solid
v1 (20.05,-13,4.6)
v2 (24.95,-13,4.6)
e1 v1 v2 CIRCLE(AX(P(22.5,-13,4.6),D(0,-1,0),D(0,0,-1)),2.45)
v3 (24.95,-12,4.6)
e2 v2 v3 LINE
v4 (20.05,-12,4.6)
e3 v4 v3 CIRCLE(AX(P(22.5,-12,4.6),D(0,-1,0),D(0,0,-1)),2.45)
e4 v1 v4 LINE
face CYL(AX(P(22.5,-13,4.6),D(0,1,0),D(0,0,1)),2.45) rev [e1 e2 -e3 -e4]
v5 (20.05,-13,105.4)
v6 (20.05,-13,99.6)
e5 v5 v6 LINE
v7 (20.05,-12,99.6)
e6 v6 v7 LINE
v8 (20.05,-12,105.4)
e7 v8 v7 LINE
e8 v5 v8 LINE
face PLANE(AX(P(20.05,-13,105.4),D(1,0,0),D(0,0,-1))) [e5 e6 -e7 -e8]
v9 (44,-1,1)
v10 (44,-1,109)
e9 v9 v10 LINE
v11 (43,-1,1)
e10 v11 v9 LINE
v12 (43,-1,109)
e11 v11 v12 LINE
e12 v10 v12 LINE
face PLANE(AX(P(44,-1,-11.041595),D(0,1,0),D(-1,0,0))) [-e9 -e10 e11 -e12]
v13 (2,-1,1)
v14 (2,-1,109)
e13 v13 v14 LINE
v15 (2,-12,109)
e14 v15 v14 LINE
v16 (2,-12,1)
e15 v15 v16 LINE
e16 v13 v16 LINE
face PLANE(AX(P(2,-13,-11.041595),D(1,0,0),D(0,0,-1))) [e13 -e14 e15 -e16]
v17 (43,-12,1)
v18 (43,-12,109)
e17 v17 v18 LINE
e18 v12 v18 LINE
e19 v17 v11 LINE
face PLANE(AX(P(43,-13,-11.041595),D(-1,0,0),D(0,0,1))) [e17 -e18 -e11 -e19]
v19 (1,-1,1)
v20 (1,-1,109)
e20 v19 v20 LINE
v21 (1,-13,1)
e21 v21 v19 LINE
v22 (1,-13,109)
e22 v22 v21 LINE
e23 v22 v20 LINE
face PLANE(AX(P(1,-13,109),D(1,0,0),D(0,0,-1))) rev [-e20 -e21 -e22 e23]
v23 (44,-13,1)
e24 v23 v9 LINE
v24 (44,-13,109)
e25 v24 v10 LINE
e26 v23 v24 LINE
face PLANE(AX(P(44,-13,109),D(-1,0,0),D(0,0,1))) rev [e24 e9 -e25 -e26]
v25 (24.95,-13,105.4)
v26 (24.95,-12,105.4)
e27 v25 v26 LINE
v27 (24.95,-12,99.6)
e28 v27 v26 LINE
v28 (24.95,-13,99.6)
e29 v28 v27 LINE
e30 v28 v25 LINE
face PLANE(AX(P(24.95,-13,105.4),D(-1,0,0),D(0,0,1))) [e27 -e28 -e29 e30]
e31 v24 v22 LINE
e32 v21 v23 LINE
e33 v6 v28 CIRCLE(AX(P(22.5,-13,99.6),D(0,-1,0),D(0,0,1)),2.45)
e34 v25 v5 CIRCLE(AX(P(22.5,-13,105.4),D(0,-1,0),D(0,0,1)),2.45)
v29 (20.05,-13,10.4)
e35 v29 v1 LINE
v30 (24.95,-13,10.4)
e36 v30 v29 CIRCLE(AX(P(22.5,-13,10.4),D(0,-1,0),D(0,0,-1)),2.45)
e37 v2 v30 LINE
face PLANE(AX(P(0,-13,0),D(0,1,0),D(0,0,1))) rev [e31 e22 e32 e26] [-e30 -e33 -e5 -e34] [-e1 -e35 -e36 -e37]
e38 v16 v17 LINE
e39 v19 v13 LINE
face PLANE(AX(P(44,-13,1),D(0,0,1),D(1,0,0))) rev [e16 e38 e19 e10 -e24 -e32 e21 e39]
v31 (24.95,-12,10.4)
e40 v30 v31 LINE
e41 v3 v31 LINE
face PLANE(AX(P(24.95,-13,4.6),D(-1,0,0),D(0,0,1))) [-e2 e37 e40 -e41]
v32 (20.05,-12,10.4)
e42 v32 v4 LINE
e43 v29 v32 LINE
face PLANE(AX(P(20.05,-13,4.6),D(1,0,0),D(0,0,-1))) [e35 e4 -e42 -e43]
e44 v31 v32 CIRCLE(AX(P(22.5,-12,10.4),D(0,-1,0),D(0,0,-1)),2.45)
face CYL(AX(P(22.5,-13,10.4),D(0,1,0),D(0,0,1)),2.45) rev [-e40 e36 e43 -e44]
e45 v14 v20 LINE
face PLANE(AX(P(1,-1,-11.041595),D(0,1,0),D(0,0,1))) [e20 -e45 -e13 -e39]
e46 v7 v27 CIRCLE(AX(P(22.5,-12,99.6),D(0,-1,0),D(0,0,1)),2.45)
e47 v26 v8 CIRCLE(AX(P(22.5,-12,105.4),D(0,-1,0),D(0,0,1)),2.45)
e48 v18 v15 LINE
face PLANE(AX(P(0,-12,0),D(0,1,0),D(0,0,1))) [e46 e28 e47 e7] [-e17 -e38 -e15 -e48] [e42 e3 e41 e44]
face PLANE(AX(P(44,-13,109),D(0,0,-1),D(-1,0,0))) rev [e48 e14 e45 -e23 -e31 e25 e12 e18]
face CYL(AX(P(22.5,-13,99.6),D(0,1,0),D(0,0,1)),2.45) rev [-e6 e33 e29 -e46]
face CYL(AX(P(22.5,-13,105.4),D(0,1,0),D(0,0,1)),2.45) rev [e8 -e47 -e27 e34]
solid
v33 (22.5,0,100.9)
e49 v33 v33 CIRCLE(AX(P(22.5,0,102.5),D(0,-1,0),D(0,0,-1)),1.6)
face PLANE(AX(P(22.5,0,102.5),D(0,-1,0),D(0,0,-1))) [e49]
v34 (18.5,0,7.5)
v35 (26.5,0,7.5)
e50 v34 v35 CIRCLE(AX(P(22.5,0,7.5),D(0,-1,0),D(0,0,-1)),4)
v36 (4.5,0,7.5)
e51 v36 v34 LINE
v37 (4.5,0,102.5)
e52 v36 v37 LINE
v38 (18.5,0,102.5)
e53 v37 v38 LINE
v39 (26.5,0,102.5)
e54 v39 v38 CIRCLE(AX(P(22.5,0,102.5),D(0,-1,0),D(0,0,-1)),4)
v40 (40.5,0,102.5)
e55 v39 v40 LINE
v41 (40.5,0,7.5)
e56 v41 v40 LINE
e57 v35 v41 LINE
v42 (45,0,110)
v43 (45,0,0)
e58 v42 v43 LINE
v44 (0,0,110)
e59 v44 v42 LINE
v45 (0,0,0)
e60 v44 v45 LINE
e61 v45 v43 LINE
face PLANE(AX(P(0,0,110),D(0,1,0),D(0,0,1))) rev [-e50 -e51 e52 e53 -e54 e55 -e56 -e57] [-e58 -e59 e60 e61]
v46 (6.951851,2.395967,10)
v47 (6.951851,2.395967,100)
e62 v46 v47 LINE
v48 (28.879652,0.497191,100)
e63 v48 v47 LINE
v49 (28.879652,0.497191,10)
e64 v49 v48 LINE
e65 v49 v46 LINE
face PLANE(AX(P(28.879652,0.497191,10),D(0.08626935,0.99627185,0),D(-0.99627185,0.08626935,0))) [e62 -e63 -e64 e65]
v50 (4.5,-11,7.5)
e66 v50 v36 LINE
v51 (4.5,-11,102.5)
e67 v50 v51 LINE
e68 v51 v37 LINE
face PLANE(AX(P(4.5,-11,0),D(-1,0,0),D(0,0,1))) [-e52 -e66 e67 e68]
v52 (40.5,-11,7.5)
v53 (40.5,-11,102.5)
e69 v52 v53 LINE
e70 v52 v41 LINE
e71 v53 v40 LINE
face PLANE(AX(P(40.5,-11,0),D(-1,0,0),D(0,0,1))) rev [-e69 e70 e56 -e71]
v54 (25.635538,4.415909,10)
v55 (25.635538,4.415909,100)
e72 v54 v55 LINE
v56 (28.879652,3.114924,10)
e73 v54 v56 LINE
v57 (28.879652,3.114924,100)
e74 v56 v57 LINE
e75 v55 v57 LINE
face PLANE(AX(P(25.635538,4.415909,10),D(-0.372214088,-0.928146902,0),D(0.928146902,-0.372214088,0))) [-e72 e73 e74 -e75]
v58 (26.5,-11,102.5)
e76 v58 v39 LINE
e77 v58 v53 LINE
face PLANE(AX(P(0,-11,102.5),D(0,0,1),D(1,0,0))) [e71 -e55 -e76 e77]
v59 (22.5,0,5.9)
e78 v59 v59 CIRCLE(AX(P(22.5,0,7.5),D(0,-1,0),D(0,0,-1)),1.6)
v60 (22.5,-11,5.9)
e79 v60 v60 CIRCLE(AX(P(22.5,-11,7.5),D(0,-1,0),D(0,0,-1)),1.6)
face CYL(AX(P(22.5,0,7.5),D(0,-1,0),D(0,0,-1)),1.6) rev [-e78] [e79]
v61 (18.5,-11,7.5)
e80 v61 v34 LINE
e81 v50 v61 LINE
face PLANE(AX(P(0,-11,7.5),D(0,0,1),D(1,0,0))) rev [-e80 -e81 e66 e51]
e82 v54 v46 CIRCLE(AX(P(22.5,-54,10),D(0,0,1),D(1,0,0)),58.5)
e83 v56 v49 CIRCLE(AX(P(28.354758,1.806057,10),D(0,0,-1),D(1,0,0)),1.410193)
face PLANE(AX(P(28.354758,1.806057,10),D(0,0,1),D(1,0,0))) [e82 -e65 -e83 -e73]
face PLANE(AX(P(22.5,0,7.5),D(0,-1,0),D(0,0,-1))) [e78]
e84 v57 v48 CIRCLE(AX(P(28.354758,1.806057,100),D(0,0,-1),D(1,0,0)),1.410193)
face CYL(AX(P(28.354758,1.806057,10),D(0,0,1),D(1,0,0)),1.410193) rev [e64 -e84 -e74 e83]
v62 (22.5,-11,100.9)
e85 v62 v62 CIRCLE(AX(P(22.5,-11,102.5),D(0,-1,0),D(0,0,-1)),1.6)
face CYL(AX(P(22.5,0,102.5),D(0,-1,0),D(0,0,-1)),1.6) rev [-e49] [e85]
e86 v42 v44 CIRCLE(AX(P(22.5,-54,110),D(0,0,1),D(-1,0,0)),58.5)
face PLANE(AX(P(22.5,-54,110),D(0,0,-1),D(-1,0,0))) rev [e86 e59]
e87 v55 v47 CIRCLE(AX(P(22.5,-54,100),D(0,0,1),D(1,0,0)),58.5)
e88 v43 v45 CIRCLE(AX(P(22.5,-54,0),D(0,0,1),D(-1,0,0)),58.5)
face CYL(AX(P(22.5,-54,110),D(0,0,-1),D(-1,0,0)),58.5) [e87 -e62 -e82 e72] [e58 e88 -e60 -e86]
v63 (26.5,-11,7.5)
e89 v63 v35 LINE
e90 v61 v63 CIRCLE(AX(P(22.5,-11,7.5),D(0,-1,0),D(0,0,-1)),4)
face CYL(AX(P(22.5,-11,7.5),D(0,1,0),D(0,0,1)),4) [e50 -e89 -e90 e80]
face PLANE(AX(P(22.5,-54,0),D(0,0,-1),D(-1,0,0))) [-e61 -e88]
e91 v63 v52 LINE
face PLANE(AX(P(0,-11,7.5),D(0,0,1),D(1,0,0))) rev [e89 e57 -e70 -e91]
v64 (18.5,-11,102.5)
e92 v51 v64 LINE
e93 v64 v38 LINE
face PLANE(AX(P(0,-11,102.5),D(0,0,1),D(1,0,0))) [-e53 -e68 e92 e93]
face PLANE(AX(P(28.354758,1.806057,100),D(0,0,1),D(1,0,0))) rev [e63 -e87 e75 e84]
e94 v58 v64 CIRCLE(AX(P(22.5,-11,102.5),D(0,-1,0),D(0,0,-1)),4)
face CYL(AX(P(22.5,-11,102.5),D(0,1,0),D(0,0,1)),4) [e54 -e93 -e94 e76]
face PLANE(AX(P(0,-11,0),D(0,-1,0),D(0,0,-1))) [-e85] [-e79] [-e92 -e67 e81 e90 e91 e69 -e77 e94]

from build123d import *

# Parameters (mm, degrees)
EXTRUDE_1_DEPTH          = 110
SKETCH_2_W               = 14
SKETCH_2_H               = 95
SKETCH_2_W_2             = 8
EXTRUDE_2_DEPTH          = 11
SKETCH_3_R               = 1.6
CUT_EXTRUDE_1_DEPTH      = 11
SKETCH_4_W               = 43
SKETCH_4_H               = 108
EXTRUDE_3_DEPTH          = 1
SKETCH_5_W               = 1
SKETCH_5_H               = 12
EXTRUDE_4_DEPTH          = 108
CUT_EXTRUDE_2_DEPTH      = 45
CUT_EXTRUDE_2_DEPTH_BACK = 45


with BuildPart() as part:
    # 草图1 → 凸台-拉伸1 (new body)
    with BuildSketch(Plane.XY):
        with BuildLine():
            Line((0, 0), (45, 0))
            ThreePointArc((45, 0), (22.5, 4.5), (0, 0))
        make_face()
    extrude(amount=EXTRUDE_1_DEPTH)

    # 草图2 → 凸台-拉伸2 (add)
    with BuildSketch(Plane(origin=(0, 0, 0), x_dir=(-1, 0, 0), z_dir=(0, -1, 0))):
        with Locations((-11.5, -55)):
            Rectangle(SKETCH_2_W, SKETCH_2_H)
        with Locations((-22.5, -55)):
            Rectangle(SKETCH_2_W_2, SKETCH_2_H)
        with BuildLine():
            ThreePointArc((-26.5, -102.5), (-22.5, -106.5), (-18.5, -102.5))
            Line((-18.5, -102.5), (-26.5, -102.5))
        make_face()
        with Locations((-33.5, -55)):
            Rectangle(SKETCH_2_W, SKETCH_2_H)
        with BuildLine():
            Line((-26.5, -7.5), (-18.5, -7.5))
            ThreePointArc((-18.5, -7.5), (-22.5, -3.5), (-26.5, -7.5))
        make_face()
    extrude(amount=EXTRUDE_2_DEPTH)

    # 草图3 → 切除-拉伸1 (cut)
    with BuildSketch(Plane.XZ.offset(11)):
        with Locations(Location((22.5, 102.5, 0), (0, 0, 270))):
            Circle(SKETCH_3_R)
        with Locations(Location((22.5, 7.5, 0), (0, 0, 270))):
            Circle(SKETCH_3_R)
    extrude(amount=-CUT_EXTRUDE_1_DEPTH, mode=Mode.SUBTRACT)

    # 草图6 → 切除-拉伸2 (cut, two sides: drawn at the far end of the back side and taken through both)
    with BuildSketch(Plane(origin=(0, 0, 55), x_dir=(-1, 0, 0), z_dir=(0, 0, -1)).offset(-CUT_EXTRUDE_2_DEPTH_BACK)):
        with BuildLine():
            Line((-25.6355376, 4.415908826), (-28.879652294, 3.114923831))
            ThreePointArc((-28.879652294, 3.114923831), (-29.764951758, 1.806057322), (-28.879652294, 0.497190812))
            Line((-28.879652294, 0.497190812), (-5.388413498, 2.531348361))
            Line((-5.388413498, 2.531348361), (-21.708969166, 7.754187451))
            Line((-21.708969166, 7.754187451), (-25.6355376, 4.415908826))
        make_face()
    extrude(amount=CUT_EXTRUDE_2_DEPTH + CUT_EXTRUDE_2_DEPTH_BACK, mode=Mode.SUBTRACT)


with BuildPart() as body_2:
    # 草图4 → 凸台-拉伸3 (new body)
    with BuildSketch(Plane(origin=(0, -12, 0), x_dir=(-1, 0, 0), z_dir=(0, -1, 0))):
        with Locations((-22.5, -55)):
            Rectangle(SKETCH_4_W, SKETCH_4_H)
        with BuildLine():
            Line((-20.05, -4.6), (-20.05, -10.4))
            ThreePointArc((-20.05, -10.4), (-22.5, -12.85), (-24.95, -10.4))
            Line((-24.95, -10.4), (-24.95, -4.6))
            ThreePointArc((-24.95, -4.6), (-22.5, -2.15), (-20.05, -4.6))
        make_face(mode=Mode.SUBTRACT)
        with BuildLine():
            Line((-20.05, -105.4), (-20.05, -99.6))
            ThreePointArc((-20.05, -99.6), (-22.5, -97.15), (-24.95, -99.6))
            Line((-24.95, -99.6), (-24.95, -105.4))
            ThreePointArc((-24.95, -105.4), (-22.5, -107.85), (-20.05, -105.4))
        make_face(mode=Mode.SUBTRACT)
    extrude(amount=EXTRUDE_3_DEPTH)

    # 草图5 → 凸台-拉伸4 (add)
    with BuildSketch(Plane.XY.offset(109)):
        with Locations((1.5, -7)):
            Rectangle(SKETCH_5_W, SKETCH_5_H)
        with Locations((43.5, -7)):
            Rectangle(SKETCH_5_W, SKETCH_5_H)
    extrude(amount=-EXTRUDE_4_DEPTH)


solid = Compound([part.part, body_2.part])
